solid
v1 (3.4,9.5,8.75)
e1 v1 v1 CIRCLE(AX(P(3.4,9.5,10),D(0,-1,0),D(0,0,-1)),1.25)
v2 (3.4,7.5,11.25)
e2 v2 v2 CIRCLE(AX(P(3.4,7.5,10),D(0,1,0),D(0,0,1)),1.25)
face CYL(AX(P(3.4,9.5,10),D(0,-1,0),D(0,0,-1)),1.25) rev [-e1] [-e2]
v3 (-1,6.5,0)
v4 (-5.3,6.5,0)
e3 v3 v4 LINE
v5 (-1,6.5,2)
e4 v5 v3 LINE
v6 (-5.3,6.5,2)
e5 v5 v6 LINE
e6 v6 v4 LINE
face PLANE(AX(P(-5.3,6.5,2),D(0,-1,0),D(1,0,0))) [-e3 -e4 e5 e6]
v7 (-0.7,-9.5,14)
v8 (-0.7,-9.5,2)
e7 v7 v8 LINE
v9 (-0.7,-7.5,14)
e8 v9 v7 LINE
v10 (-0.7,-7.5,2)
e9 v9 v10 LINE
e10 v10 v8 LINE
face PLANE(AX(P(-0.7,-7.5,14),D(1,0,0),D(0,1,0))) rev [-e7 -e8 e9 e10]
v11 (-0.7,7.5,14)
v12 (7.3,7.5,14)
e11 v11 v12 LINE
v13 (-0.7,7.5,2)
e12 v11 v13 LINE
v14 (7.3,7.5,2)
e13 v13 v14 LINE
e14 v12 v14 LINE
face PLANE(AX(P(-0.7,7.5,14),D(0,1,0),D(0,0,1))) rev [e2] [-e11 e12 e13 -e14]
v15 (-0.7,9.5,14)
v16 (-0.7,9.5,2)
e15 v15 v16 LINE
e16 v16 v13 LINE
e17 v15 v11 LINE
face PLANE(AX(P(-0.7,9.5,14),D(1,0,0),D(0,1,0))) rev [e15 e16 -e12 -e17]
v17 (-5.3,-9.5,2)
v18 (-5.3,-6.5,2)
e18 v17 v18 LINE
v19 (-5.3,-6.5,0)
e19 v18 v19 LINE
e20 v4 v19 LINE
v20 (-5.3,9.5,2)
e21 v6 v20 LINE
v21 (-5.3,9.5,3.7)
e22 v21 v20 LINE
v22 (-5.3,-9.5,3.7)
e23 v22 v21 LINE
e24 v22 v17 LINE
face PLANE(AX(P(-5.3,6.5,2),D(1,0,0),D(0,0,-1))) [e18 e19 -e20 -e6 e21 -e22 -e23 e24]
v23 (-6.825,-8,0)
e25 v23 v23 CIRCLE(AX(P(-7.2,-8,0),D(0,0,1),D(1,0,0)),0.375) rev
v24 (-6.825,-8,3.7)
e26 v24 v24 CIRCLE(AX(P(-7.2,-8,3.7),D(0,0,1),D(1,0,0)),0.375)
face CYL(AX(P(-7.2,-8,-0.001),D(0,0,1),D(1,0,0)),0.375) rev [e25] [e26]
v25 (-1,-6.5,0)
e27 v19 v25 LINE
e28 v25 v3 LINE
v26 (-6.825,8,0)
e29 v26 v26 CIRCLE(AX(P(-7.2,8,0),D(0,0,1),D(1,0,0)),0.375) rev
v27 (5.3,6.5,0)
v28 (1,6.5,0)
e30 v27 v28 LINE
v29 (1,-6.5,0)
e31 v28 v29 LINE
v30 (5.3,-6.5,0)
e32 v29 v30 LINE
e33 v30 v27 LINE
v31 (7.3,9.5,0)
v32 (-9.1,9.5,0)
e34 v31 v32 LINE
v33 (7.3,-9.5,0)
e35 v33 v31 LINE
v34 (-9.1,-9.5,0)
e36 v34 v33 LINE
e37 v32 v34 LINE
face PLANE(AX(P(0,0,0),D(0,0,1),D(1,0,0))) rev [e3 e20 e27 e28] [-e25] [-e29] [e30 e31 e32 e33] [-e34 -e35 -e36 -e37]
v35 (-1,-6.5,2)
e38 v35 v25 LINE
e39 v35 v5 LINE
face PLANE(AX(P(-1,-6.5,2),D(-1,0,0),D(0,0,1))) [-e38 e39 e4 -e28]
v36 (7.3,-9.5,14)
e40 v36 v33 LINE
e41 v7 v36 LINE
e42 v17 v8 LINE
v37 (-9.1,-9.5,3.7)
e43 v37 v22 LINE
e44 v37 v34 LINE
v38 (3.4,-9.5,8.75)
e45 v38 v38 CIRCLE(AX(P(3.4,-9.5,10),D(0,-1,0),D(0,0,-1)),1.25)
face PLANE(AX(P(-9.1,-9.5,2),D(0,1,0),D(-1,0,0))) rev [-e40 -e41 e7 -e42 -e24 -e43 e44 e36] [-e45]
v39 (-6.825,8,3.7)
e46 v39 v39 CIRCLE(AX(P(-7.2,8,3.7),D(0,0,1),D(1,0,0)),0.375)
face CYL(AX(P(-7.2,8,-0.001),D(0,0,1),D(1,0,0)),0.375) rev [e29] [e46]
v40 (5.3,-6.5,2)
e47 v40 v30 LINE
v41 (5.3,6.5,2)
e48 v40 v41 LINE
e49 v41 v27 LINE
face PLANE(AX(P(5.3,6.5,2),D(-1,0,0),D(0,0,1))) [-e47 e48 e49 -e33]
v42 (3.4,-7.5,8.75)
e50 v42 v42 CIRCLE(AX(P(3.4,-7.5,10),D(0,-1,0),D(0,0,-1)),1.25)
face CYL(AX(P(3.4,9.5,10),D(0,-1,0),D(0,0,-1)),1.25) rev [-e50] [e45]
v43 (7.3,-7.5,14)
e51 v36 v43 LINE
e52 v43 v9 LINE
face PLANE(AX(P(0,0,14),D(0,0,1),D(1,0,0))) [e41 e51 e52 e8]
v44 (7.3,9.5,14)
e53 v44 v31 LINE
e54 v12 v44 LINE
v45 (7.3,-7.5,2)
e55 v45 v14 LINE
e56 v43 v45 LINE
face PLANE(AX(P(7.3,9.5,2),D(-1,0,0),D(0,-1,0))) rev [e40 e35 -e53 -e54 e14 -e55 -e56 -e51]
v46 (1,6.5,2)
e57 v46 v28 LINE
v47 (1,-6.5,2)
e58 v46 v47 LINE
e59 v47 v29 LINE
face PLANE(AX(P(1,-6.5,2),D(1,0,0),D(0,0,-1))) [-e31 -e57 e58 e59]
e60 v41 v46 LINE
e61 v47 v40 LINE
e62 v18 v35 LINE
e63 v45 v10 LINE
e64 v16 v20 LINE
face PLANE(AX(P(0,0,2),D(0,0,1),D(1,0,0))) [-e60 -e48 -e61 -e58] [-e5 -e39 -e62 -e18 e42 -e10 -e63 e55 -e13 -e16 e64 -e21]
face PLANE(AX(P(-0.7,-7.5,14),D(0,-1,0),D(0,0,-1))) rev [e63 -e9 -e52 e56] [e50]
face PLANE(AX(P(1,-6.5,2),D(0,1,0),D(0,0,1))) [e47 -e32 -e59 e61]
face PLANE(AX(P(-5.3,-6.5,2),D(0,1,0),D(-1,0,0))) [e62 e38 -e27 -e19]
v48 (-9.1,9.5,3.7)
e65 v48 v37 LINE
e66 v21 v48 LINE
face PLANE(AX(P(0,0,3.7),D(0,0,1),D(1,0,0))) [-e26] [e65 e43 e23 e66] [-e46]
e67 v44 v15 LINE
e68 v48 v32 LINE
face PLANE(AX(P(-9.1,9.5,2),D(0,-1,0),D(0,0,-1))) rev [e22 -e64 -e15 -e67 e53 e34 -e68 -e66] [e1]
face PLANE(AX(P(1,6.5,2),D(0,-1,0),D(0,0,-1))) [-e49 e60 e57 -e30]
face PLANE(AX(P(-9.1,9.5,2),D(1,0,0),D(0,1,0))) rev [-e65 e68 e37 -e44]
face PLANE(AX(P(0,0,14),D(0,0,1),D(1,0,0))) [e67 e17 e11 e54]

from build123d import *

# Parameters (mm, degrees)
SKETCH_2_W          = 16.4
SKETCH_2_H          = 19
SKETCH_2_W_2        = 4.3
SKETCH_2_H_2        = 13
EXTRUDE_1_DEPTH     = 2
SKETCH_3_W          = 8
SKETCH_3_H          = 2
EXTRUDE_2_DEPTH     = 12
SKETCH_10_W         = 3.8
SKETCH_10_H         = 19
EXTRUDE_4_DEPTH     = 1.7
CUT_EXTRUDE_START   = 1.7
SKETCH_9_R          = 0.375
CUT_EXTRUDE_2_DEPTH = 3.7
SKETCH_11_R         = 1.25
CUT_EXTRUDE_3_DEPTH = 26.294465798


with BuildPart() as part:
    # 草图2 → 凸台-拉伸1 (new body)
    with BuildSketch(Plane.XY):
        with Locations((-0.9, 0)):
            Rectangle(SKETCH_2_W, SKETCH_2_H)
        with Locations((-3.15, 0)):
            Rectangle(SKETCH_2_W_2, SKETCH_2_H_2, mode=Mode.SUBTRACT)
        with Locations((3.15, 0)):
            Rectangle(SKETCH_2_W_2, SKETCH_2_H_2, mode=Mode.SUBTRACT)
    extrude(amount=EXTRUDE_1_DEPTH)

    # 草图3 → 凸台-拉伸2 (add)
    with BuildSketch(Plane.XY.offset(2)):
        with Locations((3.3, 8.5)):
            Rectangle(SKETCH_3_W, SKETCH_3_H)
        with Locations((3.3, -8.5)):
            Rectangle(SKETCH_3_W, SKETCH_3_H)
    extrude(amount=EXTRUDE_2_DEPTH)

    # 草图10 → 凸台-拉伸4 (add)
    with BuildSketch(Plane.XY.offset(2)):
        with Locations((-7.2, 0)):
            Rectangle(SKETCH_10_W, SKETCH_10_H)
    extrude(amount=EXTRUDE_4_DEPTH)

    # 草图9 → 切除-拉伸2 (cut)
    with BuildSketch(Plane.XY.offset(2).offset(CUT_EXTRUDE_START)):
        with Locations((-7.2, 8)):
            Circle(SKETCH_9_R)
        with Locations((-7.2, -8)):
            Circle(SKETCH_9_R)
    extrude(amount=-CUT_EXTRUDE_2_DEPTH, mode=Mode.SUBTRACT)

    # 草图11 → 切除-拉伸3 (cut, through all)
    with BuildSketch(Plane.XZ.offset(9.5)):
        with Locations(Location((3.4, 10, 0), (0, 0, 270))):
            Circle(SKETCH_11_R)
    extrude(amount=-CUT_EXTRUDE_3_DEPTH, mode=Mode.SUBTRACT)


solid = part.part
